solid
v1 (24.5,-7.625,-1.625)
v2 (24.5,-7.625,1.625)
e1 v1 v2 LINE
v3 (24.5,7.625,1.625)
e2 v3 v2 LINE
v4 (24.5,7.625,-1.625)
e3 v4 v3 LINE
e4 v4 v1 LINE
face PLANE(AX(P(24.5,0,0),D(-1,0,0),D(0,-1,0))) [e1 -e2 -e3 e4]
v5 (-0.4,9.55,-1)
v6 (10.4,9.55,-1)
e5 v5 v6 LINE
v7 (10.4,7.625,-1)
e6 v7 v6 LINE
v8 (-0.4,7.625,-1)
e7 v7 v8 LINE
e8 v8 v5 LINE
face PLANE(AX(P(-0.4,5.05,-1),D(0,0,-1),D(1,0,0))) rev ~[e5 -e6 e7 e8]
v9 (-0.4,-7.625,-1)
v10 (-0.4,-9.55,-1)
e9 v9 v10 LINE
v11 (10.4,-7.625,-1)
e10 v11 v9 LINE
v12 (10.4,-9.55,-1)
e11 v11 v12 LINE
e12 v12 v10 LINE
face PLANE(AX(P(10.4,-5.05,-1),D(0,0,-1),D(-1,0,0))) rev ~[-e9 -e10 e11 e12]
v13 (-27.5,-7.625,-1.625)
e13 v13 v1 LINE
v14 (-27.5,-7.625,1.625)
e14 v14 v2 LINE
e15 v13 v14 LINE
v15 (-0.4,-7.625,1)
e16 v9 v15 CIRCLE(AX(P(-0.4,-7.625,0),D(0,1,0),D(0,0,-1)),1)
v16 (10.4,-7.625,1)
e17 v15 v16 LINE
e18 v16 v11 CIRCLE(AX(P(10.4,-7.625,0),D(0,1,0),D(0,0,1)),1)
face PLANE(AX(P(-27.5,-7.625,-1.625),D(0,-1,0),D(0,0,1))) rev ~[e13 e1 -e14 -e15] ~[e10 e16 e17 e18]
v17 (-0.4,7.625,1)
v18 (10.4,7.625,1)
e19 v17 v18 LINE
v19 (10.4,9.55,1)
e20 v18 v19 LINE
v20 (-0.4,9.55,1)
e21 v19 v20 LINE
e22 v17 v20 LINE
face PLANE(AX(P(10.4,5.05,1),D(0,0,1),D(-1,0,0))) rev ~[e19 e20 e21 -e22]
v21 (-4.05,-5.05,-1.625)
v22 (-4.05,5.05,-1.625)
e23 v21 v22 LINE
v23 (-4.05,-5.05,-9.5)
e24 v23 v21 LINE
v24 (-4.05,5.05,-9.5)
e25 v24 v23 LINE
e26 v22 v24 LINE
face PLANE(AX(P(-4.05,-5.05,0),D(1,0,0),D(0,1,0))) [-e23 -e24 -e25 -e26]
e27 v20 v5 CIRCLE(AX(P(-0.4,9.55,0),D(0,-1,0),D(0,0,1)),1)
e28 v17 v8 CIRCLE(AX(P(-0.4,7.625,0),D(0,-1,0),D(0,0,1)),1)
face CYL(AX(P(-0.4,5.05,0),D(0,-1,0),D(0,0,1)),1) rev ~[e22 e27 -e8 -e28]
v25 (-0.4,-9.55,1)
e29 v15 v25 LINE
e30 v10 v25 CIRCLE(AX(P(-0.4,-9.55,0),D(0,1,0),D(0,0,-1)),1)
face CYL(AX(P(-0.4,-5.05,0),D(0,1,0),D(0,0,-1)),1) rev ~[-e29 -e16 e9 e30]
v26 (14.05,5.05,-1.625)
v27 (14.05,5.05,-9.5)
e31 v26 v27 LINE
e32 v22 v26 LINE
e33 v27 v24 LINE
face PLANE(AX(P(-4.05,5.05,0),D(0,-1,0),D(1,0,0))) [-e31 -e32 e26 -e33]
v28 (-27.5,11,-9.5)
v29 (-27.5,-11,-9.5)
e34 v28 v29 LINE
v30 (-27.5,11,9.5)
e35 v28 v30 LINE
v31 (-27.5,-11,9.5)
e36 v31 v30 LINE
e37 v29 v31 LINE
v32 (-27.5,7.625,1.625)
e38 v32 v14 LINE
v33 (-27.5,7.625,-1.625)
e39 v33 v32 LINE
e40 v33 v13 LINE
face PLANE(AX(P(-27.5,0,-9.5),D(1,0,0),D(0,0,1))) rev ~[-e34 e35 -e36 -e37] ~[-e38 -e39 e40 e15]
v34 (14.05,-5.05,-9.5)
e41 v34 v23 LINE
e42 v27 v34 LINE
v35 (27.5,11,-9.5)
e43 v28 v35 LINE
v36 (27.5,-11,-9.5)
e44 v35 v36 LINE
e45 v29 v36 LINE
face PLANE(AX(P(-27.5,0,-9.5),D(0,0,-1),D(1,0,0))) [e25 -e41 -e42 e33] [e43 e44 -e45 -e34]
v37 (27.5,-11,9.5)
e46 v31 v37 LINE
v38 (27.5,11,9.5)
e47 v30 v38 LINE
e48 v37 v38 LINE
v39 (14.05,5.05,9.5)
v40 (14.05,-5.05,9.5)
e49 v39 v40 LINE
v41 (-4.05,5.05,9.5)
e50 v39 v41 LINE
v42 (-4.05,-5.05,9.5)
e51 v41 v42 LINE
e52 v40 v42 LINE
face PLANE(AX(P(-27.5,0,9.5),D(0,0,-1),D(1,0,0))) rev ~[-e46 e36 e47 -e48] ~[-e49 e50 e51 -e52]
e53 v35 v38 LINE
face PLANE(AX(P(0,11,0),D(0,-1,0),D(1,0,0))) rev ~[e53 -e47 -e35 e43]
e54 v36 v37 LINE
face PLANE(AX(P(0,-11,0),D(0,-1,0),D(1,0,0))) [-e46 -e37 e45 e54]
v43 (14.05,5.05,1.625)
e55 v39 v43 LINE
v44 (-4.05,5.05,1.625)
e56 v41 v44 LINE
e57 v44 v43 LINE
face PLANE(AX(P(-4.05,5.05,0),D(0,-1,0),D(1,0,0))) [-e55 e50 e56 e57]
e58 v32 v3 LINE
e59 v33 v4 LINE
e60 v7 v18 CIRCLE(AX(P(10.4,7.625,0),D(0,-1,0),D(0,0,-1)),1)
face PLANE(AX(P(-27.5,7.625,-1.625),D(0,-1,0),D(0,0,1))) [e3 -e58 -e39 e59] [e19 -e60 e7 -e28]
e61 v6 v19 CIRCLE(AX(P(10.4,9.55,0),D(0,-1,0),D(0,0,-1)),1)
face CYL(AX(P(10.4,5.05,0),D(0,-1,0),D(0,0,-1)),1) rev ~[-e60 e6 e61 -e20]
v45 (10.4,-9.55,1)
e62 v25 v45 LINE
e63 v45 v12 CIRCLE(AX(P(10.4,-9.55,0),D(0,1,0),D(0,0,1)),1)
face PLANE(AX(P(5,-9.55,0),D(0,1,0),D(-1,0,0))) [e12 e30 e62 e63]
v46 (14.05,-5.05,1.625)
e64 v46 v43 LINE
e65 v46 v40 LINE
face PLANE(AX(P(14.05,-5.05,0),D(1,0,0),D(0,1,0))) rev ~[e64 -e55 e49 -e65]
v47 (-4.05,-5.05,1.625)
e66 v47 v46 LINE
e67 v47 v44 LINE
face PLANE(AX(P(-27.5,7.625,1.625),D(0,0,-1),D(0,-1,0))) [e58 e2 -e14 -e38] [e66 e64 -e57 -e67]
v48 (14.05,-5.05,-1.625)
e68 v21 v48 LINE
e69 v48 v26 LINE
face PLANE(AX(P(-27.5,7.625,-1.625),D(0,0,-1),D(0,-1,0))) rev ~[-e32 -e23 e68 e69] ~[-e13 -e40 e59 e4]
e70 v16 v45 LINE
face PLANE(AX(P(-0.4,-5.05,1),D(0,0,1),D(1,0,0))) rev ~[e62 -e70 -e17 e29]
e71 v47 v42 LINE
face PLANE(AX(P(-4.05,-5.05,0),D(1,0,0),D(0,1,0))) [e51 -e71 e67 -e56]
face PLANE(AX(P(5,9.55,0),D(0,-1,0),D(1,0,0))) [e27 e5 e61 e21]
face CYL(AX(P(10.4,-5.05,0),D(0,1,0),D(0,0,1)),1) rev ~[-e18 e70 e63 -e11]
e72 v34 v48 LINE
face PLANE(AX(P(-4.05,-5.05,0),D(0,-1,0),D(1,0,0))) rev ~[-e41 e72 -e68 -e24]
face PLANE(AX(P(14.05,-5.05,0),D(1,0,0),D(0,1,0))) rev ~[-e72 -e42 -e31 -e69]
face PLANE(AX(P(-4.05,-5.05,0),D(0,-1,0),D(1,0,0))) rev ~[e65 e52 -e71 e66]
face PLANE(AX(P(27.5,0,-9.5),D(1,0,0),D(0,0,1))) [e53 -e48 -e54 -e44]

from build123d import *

# Parameters (mm, degrees)
F0_W     = 55
F0_H     = 19
F1_DEPTH = 11
F2_W     = 18.1
F2_H     = 10.1
F3_DEPTH = 11
F5_DEPTH = 4.5
F7_DEPTH = 4.5
F8_W     = 15.25
F8_H     = 3.25
F9_DEPTH = 52


with BuildPart() as f1:
    # F0 (on Front) → F1 (new body, symmetric)
    with BuildSketch(Plane.XZ):
        Rectangle(F0_W, F0_H)
    extrude(amount=F1_DEPTH, both=True)

    # F2 (on Top) → F3 (cut, symmetric)
    with BuildSketch(Plane.XY):
        with Locations((5, 0)):
            Rectangle(F2_W, F2_H)
    extrude(amount=F3_DEPTH, both=True, mode=Mode.SUBTRACT)

    # F4 (on face) → F5 (cut)
    with BuildSketch(Plane.XZ.offset(-5.05)):
        with BuildLine():
            Line((10.4, 1), (-0.4, 1))
            ThreePointArc((-0.4, 1), (-1.4, 0), (-0.4, -1))
            Line((-0.4, -1), (10.4, -1))
            ThreePointArc((10.4, -1), (11.4, 0), (10.4, 1))
        make_face()
    extrude(amount=-F5_DEPTH, mode=Mode.SUBTRACT)

    # F6 (on face) → F7 (cut)
    with BuildSketch(Plane(origin=(0, -5.05, 0), x_dir=(-1, 0, 0), z_dir=(0, 1, 0))):
        with BuildLine():
            ThreePointArc((-10.4, 1), (-11.4, 0), (-10.4, -1))
            Line((-10.4, -1), (0.4, -1))
            ThreePointArc((0.4, -1), (1.4, 0), (0.4, 1))
            Line((0.4, 1), (-10.4, 1))
        make_face()
    extrude(amount=-F7_DEPTH, mode=Mode.SUBTRACT)

    # F8 (on face) → F9 (cut)
    with BuildSketch(Plane(origin=(-27.5, 0, 0), x_dir=(0, -1, 0), z_dir=(-1, 0, 0))):
        Rectangle(F8_W, F8_H)
    extrude(amount=-F9_DEPTH, mode=Mode.SUBTRACT)


solid = f1.part
